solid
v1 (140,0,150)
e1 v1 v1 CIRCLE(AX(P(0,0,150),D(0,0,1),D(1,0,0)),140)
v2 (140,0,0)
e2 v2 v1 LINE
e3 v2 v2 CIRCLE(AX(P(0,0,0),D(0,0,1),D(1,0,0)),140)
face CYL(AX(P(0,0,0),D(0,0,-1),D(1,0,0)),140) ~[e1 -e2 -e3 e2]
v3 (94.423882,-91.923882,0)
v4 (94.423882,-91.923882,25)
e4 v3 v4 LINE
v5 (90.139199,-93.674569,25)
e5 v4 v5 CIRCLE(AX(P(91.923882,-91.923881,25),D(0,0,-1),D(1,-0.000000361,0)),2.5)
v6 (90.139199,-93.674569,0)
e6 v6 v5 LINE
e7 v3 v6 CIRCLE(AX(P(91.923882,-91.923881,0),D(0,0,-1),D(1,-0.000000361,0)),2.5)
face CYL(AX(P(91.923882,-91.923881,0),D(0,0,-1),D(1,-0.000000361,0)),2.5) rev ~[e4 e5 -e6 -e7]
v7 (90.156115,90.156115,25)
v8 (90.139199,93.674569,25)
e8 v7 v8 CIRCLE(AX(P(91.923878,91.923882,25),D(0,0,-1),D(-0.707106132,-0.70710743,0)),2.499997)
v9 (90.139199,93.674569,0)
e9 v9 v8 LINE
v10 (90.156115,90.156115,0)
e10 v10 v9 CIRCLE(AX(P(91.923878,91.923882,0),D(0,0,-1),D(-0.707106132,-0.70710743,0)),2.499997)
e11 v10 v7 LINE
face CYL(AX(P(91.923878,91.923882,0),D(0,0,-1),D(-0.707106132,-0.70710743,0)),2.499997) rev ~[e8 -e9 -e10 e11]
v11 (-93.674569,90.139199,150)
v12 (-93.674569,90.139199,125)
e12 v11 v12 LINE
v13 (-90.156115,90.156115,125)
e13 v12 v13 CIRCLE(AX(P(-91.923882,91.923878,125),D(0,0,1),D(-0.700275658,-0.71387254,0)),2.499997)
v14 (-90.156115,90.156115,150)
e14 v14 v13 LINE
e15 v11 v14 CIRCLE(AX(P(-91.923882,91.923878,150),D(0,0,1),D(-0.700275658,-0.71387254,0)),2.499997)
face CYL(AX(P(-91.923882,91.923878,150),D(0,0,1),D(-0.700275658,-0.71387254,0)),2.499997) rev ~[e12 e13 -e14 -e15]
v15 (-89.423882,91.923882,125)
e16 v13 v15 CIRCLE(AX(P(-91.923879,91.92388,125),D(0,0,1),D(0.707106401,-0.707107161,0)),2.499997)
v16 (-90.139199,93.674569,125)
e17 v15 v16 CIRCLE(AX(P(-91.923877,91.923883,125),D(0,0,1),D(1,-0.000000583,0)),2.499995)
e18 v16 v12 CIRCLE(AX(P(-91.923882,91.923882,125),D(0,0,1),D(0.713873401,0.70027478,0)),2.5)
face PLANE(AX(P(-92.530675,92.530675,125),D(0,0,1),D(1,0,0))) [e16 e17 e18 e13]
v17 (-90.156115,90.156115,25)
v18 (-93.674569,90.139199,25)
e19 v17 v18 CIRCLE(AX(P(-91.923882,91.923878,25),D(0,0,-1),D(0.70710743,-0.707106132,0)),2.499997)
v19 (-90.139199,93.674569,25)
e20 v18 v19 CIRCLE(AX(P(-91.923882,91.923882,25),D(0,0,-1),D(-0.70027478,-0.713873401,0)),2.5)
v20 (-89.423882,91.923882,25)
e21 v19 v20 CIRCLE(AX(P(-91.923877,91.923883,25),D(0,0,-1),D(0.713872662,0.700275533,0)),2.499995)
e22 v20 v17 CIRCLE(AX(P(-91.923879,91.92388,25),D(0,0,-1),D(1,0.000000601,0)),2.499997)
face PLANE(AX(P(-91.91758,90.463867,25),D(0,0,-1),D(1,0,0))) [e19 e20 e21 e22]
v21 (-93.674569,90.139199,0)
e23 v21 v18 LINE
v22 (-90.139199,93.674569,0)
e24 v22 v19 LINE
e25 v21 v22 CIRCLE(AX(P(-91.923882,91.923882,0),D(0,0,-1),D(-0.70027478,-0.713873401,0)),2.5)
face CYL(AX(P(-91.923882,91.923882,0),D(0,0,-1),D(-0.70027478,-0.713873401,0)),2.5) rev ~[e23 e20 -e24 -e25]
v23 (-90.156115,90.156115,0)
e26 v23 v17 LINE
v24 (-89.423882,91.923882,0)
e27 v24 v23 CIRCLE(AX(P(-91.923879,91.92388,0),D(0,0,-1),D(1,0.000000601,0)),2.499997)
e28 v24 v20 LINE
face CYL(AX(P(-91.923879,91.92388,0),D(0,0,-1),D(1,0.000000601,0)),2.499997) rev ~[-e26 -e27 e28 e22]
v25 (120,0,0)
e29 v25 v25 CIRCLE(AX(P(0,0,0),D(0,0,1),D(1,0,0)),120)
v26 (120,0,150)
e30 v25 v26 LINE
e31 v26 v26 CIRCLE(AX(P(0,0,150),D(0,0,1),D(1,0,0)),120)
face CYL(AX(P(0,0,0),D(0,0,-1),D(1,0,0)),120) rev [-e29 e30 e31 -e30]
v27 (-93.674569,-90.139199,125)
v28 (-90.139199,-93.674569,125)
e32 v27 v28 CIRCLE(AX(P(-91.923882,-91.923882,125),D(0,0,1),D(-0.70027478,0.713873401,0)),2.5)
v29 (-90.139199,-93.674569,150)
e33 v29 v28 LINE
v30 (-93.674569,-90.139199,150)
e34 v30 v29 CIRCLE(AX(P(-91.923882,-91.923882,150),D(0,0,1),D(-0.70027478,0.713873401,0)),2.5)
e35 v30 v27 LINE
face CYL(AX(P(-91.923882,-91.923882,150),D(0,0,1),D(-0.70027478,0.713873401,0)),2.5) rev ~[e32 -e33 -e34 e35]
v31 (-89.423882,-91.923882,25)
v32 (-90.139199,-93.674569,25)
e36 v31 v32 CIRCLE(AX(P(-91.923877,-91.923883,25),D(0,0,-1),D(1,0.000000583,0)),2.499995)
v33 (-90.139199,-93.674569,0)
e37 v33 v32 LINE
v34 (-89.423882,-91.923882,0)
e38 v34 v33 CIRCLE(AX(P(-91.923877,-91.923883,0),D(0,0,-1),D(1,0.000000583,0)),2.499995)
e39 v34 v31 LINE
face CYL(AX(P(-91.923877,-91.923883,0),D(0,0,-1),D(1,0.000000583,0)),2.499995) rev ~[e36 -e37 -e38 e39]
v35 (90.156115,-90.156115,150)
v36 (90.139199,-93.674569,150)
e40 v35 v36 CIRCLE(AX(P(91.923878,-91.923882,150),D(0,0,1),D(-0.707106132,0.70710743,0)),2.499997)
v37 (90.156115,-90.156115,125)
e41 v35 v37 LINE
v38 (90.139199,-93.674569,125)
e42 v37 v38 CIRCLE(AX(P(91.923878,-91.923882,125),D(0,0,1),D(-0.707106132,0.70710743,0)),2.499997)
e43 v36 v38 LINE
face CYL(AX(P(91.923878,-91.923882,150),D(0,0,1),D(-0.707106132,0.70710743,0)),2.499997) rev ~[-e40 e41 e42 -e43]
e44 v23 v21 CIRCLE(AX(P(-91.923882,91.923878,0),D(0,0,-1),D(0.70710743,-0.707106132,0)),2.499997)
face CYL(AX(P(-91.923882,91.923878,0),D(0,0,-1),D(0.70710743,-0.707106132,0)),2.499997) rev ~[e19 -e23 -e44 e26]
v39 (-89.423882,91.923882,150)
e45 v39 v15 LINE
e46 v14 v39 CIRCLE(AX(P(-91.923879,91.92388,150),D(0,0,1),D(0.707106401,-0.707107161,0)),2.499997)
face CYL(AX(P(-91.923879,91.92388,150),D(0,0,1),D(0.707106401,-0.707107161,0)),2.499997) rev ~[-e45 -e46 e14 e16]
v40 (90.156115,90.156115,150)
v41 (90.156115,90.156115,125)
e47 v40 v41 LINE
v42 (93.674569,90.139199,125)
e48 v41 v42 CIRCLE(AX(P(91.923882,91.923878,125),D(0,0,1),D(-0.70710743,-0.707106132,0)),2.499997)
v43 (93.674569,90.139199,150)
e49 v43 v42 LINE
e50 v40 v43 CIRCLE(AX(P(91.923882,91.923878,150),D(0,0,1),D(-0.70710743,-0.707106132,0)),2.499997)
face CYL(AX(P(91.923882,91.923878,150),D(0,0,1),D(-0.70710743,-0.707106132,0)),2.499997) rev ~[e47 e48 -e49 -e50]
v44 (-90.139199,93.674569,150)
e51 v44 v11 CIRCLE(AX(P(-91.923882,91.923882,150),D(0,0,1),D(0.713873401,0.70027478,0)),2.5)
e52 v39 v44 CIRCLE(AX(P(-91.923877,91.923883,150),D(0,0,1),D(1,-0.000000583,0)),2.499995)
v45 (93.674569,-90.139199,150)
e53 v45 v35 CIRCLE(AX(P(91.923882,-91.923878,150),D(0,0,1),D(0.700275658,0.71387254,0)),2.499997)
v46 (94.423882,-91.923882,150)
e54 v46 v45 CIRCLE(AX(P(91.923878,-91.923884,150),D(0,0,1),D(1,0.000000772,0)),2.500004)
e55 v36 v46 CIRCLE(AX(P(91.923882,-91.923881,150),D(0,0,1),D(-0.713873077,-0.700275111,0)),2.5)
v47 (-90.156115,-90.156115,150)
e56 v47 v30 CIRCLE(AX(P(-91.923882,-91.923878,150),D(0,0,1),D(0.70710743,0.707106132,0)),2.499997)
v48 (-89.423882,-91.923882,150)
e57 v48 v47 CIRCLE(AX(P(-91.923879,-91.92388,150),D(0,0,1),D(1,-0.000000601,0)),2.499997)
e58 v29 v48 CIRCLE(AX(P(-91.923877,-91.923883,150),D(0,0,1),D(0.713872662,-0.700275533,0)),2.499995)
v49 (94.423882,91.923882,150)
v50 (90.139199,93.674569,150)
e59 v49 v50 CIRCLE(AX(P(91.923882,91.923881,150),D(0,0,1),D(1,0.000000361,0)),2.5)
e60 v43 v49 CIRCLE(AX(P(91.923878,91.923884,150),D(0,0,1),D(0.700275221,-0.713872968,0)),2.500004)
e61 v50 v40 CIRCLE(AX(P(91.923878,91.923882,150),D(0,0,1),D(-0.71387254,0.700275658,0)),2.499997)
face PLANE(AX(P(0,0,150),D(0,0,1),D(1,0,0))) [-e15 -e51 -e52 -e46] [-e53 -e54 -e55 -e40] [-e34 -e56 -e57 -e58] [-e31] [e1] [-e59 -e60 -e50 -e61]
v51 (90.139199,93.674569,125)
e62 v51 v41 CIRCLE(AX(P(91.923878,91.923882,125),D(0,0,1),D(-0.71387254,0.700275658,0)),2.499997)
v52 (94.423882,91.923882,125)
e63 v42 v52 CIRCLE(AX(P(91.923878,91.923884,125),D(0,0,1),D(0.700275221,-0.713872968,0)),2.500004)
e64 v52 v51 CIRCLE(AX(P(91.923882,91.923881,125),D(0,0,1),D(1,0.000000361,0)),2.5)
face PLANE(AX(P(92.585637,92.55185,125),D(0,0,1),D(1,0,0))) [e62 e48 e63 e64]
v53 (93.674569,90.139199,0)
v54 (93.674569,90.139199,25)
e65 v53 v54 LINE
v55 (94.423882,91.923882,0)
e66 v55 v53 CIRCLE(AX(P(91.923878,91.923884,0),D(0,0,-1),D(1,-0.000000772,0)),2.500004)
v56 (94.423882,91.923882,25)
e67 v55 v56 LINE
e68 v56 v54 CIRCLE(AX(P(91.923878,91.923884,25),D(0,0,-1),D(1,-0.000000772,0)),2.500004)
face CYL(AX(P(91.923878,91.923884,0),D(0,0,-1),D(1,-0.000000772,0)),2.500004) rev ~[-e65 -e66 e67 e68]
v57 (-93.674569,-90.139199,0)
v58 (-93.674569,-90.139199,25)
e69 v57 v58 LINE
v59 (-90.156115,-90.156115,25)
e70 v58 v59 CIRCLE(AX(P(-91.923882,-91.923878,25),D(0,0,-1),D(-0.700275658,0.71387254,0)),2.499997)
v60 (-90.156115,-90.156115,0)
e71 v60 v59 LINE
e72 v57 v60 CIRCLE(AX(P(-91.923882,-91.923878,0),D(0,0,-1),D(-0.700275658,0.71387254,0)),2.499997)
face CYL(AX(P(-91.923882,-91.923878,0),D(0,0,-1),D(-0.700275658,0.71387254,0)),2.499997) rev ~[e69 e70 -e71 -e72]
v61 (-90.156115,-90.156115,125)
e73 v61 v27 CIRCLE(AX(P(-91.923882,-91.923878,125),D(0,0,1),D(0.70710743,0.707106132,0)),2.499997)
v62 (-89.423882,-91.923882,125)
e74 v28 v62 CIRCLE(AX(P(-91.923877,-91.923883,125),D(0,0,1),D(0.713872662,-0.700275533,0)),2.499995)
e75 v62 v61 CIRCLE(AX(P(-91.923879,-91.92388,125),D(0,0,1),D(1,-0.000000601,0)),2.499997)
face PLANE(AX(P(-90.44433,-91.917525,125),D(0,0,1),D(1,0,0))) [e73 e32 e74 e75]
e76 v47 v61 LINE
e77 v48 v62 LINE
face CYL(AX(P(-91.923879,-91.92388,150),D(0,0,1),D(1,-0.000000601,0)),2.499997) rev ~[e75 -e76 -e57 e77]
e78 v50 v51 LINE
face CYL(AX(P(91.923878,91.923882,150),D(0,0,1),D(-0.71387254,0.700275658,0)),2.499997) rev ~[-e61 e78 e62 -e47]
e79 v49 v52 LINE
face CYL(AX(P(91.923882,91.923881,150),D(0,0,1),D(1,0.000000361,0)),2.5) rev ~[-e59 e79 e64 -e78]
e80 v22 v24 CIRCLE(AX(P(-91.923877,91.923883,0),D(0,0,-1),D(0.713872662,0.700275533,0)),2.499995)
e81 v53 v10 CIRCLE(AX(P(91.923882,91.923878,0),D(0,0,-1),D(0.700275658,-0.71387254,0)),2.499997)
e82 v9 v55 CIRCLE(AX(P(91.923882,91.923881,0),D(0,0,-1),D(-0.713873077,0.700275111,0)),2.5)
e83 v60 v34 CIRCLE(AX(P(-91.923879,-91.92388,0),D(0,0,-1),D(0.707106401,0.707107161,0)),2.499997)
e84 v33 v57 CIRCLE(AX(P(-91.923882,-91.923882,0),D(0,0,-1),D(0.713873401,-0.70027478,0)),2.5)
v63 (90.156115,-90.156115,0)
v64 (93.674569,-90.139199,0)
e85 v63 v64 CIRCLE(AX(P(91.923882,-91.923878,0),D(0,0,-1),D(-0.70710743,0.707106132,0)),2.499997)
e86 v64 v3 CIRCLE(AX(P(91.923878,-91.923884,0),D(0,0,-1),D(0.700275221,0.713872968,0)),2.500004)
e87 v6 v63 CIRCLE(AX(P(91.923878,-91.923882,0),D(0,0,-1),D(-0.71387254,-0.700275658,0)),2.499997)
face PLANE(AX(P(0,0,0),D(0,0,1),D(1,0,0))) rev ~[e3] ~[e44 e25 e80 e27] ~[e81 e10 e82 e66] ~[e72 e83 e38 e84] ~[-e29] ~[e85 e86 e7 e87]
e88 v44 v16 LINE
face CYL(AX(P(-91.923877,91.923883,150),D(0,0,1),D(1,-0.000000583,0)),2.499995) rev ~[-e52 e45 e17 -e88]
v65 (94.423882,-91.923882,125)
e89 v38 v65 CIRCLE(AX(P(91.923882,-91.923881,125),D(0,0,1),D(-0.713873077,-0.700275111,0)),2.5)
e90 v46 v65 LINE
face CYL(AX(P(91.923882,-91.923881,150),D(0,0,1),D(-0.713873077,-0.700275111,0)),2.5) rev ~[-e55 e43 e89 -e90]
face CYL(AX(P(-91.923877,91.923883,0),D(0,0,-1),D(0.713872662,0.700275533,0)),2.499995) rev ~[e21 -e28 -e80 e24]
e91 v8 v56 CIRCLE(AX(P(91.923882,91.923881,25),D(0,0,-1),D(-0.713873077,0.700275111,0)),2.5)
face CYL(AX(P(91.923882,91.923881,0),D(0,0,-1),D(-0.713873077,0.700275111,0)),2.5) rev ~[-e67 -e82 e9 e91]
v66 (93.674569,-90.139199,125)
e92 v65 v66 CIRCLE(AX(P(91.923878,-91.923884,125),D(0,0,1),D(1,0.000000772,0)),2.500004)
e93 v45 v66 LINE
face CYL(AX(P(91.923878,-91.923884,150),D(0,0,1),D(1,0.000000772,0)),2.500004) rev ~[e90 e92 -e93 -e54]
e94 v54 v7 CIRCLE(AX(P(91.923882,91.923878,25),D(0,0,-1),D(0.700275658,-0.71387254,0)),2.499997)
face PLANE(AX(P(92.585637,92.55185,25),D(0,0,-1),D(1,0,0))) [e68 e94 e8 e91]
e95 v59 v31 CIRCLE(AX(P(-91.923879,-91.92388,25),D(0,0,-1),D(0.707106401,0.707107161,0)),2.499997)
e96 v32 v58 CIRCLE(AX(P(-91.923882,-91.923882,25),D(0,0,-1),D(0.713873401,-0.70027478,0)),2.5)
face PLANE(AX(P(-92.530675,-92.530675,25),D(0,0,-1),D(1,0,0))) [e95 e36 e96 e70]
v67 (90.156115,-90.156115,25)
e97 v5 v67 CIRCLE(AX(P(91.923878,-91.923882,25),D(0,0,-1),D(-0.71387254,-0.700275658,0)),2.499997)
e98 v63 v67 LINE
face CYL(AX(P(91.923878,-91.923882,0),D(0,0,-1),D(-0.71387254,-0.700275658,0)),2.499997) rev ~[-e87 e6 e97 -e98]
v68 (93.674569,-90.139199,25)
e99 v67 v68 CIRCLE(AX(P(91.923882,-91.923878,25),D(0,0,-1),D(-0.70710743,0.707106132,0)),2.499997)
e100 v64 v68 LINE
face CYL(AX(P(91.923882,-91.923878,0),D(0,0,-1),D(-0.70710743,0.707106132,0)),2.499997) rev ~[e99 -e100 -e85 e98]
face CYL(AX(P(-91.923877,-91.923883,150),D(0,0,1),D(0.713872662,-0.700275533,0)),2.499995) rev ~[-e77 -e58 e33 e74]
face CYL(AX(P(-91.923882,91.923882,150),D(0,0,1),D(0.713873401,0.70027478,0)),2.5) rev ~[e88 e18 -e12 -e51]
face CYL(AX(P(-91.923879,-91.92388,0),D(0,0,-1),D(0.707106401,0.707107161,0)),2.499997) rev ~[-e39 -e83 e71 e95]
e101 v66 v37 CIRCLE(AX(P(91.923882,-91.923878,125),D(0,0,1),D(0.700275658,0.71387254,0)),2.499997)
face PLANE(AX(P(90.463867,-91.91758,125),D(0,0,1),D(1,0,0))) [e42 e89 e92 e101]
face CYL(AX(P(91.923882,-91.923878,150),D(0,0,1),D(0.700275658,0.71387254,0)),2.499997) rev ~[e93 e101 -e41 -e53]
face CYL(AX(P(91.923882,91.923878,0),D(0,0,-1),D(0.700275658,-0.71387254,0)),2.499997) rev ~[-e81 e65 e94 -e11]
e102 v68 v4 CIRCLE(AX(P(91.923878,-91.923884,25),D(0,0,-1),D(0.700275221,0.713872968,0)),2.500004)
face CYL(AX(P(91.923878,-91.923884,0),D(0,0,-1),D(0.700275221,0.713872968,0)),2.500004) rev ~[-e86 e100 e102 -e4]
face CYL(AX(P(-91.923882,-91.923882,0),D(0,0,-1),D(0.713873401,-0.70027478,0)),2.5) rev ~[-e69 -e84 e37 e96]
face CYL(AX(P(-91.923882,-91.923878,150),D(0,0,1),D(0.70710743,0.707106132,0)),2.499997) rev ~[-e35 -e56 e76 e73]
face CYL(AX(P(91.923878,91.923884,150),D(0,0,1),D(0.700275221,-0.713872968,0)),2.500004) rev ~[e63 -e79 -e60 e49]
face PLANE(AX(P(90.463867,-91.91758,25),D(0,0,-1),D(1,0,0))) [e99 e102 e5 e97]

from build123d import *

# Parameters (mm, degrees)
F0_R     = 140
F0_R_2   = 120
F1_DEPTH = 150
F3_DEPTH = 25
F5_DEPTH = 25


with BuildPart() as f1:
    # F0 (on Top) → F1 (new body)
    with BuildSketch(Plane.XY):
        Circle(F0_R)
        Circle(F0_R_2, mode=Mode.SUBTRACT)
    extrude(amount=F1_DEPTH)

    # F2 (on face) → F3 (cut)
    with BuildSketch(Plane.XY.offset(150)):
        with BuildLine():
            ThreePointArc((-91.923882, 91.923882), (-91.035749, 92.803515), (-90.139199, 93.674569))
            ThreePointArc((-90.139199, 93.674569), (-93.691649, 93.691649), (-93.674569, 90.139199))
            ThreePointArc((-93.674569, 90.139199), (-92.803515, 91.035749), (-91.923882, 91.923882))
        make_face()
        with BuildLine():
            Line((-90.156115, 90.156115), (-91.923882, 91.923882))
            ThreePointArc((-91.923882, 91.923882), (-92.803515, 91.035749), (-93.674569, 90.139199))
            ThreePointArc((-93.674569, 90.139199), (-91.911862, 89.42391), (-90.156115, 90.156115))
        make_face()
        with BuildLine():
            ThreePointArc((-89.423882, 91.923882), (-89.60961, 92.869475), (-90.139199, 93.674569))
            ThreePointArc((-90.139199, 93.674569), (-91.035749, 92.803515), (-91.923882, 91.923882))
            Line((-91.923882, 91.923882), (-90.156115, 90.156115))
            ThreePointArc((-90.156115, 90.156115), (-89.614183, 90.967173), (-89.423882, 91.923882))
        make_face()
        with BuildLine():
            ThreePointArc((91.923882, 91.923882), (92.803515, 91.035749), (93.674569, 90.139199))
            ThreePointArc((93.674569, 90.139199), (94.228954, 90.95608), (94.423882, 91.923882))
            ThreePointArc((94.423882, 91.923882), (92.869475, 94.238153), (90.139199, 93.674569))
            ThreePointArc((90.139199, 93.674569), (91.035749, 92.803515), (91.923882, 91.923882))
        make_face()
        with BuildLine():
            Line((90.156115, 90.156115), (91.923882, 91.923882))
            ThreePointArc((91.923882, 91.923882), (91.035749, 92.803515), (90.139199, 93.674569))
            ThreePointArc((90.139199, 93.674569), (89.42391, 91.911862), (90.156115, 90.156115))
        make_face()
        with BuildLine():
            ThreePointArc((90.156115, 90.156115), (91.911862, 89.42391), (93.674569, 90.139199))
            ThreePointArc((93.674569, 90.139199), (92.803515, 91.035749), (91.923882, 91.923882))
            Line((91.923882, 91.923882), (90.156115, 90.156115))
        make_face()
        with BuildLine():
            ThreePointArc((90.139199, -93.674569), (91.035749, -92.803515), (91.923882, -91.923882))
            Line((91.923882, -91.923882), (90.156115, -90.156115))
            ThreePointArc((90.156115, -90.156115), (89.42391, -91.911862), (90.139199, -93.674569))
        make_face()
        with BuildLine():
            ThreePointArc((91.923882, -91.923882), (92.803515, -91.035749), (93.674569, -90.139199))
            ThreePointArc((93.674569, -90.139199), (91.911862, -89.42391), (90.156115, -90.156115))
            Line((90.156115, -90.156115), (91.923882, -91.923882))
        make_face()
        with BuildLine():
            ThreePointArc((94.423882, -91.923882), (94.228954, -90.95608), (93.674569, -90.139199))
            ThreePointArc((93.674569, -90.139199), (92.803515, -91.035749), (91.923882, -91.923882))
            ThreePointArc((91.923882, -91.923882), (91.035749, -92.803515), (90.139199, -93.674569))
            ThreePointArc((90.139199, -93.674569), (92.869475, -94.238153), (94.423882, -91.923882))
        make_face()
        with BuildLine():
            ThreePointArc((-91.923882, -91.923882), (-91.035749, -92.803515), (-90.139199, -93.674569))
            ThreePointArc((-90.139199, -93.674569), (-89.60961, -92.869475), (-89.423882, -91.923882))
            ThreePointArc((-89.423882, -91.923882), (-89.614183, -90.967173), (-90.156115, -90.156115))
            Line((-90.156115, -90.156115), (-91.923882, -91.923882))
        make_face()
        with BuildLine():
            ThreePointArc((-93.674569, -90.139199), (-92.803515, -91.035749), (-91.923882, -91.923882))
            Line((-91.923882, -91.923882), (-90.156115, -90.156115))
            ThreePointArc((-90.156115, -90.156115), (-91.911862, -89.42391), (-93.674569, -90.139199))
        make_face()
        with BuildLine():
            ThreePointArc((-93.674569, -90.139199), (-93.691649, -93.691649), (-90.139199, -93.674569))
            ThreePointArc((-90.139199, -93.674569), (-91.035749, -92.803515), (-91.923882, -91.923882))
            ThreePointArc((-91.923882, -91.923882), (-92.803515, -91.035749), (-93.674569, -90.139199))
        make_face()
    extrude(amount=-F3_DEPTH, mode=Mode.SUBTRACT)

    # F4 (on face) → F5 (cut)
    with BuildSketch(Plane(origin=(0, 0, 0), x_dir=(1, 0, 0), z_dir=(0, 0, -1))):
        with BuildLine():
            ThreePointArc((-91.923882, 91.923882), (-91.035749, 92.803515), (-90.139199, 93.674569))
            ThreePointArc((-90.139199, 93.674569), (-93.691649, 93.691649), (-93.674569, 90.139199))
            ThreePointArc((-93.674569, 90.139199), (-92.803515, 91.035749), (-91.923882, 91.923882))
        make_face()
        with BuildLine():
            Line((-90.156115, 90.156115), (-91.923882, 91.923882))
            ThreePointArc((-91.923882, 91.923882), (-92.803515, 91.035749), (-93.674569, 90.139199))
            ThreePointArc((-93.674569, 90.139199), (-91.911862, 89.42391), (-90.156115, 90.156115))
        make_face()
        with BuildLine():
            ThreePointArc((-89.423882, 91.923882), (-89.60961, 92.869475), (-90.139199, 93.674569))
            ThreePointArc((-90.139199, 93.674569), (-91.035749, 92.803515), (-91.923882, 91.923882))
            Line((-91.923882, 91.923882), (-90.156115, 90.156115))
            ThreePointArc((-90.156115, 90.156115), (-89.614183, 90.967173), (-89.423882, 91.923882))
        make_face()
        with BuildLine():
            ThreePointArc((-93.674569, -90.139199), (-92.803515, -91.035749), (-91.923882, -91.923882))
            Line((-91.923882, -91.923882), (-90.156115, -90.156115))
            ThreePointArc((-90.156115, -90.156115), (-91.911862, -89.42391), (-93.674569, -90.139199))
        make_face()
        with BuildLine():
            ThreePointArc((-91.923882, -91.923882), (-91.035749, -92.803515), (-90.139199, -93.674569))
            ThreePointArc((-90.139199, -93.674569), (-89.60961, -92.869475), (-89.423882, -91.923882))
            ThreePointArc((-89.423882, -91.923882), (-89.614183, -90.967173), (-90.156115, -90.156115))
            Line((-90.156115, -90.156115), (-91.923882, -91.923882))
        make_face()
        with BuildLine():
            ThreePointArc((-93.674569, -90.139199), (-93.691649, -93.691649), (-90.139199, -93.674569))
            ThreePointArc((-90.139199, -93.674569), (-91.035749, -92.803515), (-91.923882, -91.923882))
            ThreePointArc((-91.923882, -91.923882), (-92.803515, -91.035749), (-93.674569, -90.139199))
        make_face()
        with BuildLine():
            ThreePointArc((94.423882, -91.923882), (94.228954, -90.95608), (93.674569, -90.139199))
            ThreePointArc((93.674569, -90.139199), (92.803515, -91.035749), (91.923882, -91.923882))
            ThreePointArc((91.923882, -91.923882), (91.035749, -92.803515), (90.139199, -93.674569))
            ThreePointArc((90.139199, -93.674569), (92.869475, -94.238153), (94.423882, -91.923882))
        make_face()
        with BuildLine():
            ThreePointArc((91.923882, -91.923882), (92.803515, -91.035749), (93.674569, -90.139199))
            ThreePointArc((93.674569, -90.139199), (91.911862, -89.42391), (90.156115, -90.156115))
            Line((90.156115, -90.156115), (91.923882, -91.923882))
        make_face()
        with BuildLine():
            ThreePointArc((90.139199, -93.674569), (91.035749, -92.803515), (91.923882, -91.923882))
            Line((91.923882, -91.923882), (90.156115, -90.156115))
            ThreePointArc((90.156115, -90.156115), (89.42391, -91.911862), (90.139199, -93.674569))
        make_face()
        with BuildLine():
            Line((90.156115, 90.156115), (91.923882, 91.923882))
            ThreePointArc((91.923882, 91.923882), (91.035749, 92.803515), (90.139199, 93.674569))
            ThreePointArc((90.139199, 93.674569), (89.42391, 91.911862), (90.156115, 90.156115))
        make_face()
        with BuildLine():
            ThreePointArc((90.156115, 90.156115), (91.911862, 89.42391), (93.674569, 90.139199))
            ThreePointArc((93.674569, 90.139199), (92.803515, 91.035749), (91.923882, 91.923882))
            Line((91.923882, 91.923882), (90.156115, 90.156115))
        make_face()
        with BuildLine():
            ThreePointArc((91.923882, 91.923882), (92.803515, 91.035749), (93.674569, 90.139199))
            ThreePointArc((93.674569, 90.139199), (94.228954, 90.95608), (94.423882, 91.923882))
            ThreePointArc((94.423882, 91.923882), (92.869475, 94.238153), (90.139199, 93.674569))
            ThreePointArc((90.139199, 93.674569), (91.035749, 92.803515), (91.923882, 91.923882))
        make_face()
    extrude(amount=-F5_DEPTH, mode=Mode.SUBTRACT)


solid = f1.part
